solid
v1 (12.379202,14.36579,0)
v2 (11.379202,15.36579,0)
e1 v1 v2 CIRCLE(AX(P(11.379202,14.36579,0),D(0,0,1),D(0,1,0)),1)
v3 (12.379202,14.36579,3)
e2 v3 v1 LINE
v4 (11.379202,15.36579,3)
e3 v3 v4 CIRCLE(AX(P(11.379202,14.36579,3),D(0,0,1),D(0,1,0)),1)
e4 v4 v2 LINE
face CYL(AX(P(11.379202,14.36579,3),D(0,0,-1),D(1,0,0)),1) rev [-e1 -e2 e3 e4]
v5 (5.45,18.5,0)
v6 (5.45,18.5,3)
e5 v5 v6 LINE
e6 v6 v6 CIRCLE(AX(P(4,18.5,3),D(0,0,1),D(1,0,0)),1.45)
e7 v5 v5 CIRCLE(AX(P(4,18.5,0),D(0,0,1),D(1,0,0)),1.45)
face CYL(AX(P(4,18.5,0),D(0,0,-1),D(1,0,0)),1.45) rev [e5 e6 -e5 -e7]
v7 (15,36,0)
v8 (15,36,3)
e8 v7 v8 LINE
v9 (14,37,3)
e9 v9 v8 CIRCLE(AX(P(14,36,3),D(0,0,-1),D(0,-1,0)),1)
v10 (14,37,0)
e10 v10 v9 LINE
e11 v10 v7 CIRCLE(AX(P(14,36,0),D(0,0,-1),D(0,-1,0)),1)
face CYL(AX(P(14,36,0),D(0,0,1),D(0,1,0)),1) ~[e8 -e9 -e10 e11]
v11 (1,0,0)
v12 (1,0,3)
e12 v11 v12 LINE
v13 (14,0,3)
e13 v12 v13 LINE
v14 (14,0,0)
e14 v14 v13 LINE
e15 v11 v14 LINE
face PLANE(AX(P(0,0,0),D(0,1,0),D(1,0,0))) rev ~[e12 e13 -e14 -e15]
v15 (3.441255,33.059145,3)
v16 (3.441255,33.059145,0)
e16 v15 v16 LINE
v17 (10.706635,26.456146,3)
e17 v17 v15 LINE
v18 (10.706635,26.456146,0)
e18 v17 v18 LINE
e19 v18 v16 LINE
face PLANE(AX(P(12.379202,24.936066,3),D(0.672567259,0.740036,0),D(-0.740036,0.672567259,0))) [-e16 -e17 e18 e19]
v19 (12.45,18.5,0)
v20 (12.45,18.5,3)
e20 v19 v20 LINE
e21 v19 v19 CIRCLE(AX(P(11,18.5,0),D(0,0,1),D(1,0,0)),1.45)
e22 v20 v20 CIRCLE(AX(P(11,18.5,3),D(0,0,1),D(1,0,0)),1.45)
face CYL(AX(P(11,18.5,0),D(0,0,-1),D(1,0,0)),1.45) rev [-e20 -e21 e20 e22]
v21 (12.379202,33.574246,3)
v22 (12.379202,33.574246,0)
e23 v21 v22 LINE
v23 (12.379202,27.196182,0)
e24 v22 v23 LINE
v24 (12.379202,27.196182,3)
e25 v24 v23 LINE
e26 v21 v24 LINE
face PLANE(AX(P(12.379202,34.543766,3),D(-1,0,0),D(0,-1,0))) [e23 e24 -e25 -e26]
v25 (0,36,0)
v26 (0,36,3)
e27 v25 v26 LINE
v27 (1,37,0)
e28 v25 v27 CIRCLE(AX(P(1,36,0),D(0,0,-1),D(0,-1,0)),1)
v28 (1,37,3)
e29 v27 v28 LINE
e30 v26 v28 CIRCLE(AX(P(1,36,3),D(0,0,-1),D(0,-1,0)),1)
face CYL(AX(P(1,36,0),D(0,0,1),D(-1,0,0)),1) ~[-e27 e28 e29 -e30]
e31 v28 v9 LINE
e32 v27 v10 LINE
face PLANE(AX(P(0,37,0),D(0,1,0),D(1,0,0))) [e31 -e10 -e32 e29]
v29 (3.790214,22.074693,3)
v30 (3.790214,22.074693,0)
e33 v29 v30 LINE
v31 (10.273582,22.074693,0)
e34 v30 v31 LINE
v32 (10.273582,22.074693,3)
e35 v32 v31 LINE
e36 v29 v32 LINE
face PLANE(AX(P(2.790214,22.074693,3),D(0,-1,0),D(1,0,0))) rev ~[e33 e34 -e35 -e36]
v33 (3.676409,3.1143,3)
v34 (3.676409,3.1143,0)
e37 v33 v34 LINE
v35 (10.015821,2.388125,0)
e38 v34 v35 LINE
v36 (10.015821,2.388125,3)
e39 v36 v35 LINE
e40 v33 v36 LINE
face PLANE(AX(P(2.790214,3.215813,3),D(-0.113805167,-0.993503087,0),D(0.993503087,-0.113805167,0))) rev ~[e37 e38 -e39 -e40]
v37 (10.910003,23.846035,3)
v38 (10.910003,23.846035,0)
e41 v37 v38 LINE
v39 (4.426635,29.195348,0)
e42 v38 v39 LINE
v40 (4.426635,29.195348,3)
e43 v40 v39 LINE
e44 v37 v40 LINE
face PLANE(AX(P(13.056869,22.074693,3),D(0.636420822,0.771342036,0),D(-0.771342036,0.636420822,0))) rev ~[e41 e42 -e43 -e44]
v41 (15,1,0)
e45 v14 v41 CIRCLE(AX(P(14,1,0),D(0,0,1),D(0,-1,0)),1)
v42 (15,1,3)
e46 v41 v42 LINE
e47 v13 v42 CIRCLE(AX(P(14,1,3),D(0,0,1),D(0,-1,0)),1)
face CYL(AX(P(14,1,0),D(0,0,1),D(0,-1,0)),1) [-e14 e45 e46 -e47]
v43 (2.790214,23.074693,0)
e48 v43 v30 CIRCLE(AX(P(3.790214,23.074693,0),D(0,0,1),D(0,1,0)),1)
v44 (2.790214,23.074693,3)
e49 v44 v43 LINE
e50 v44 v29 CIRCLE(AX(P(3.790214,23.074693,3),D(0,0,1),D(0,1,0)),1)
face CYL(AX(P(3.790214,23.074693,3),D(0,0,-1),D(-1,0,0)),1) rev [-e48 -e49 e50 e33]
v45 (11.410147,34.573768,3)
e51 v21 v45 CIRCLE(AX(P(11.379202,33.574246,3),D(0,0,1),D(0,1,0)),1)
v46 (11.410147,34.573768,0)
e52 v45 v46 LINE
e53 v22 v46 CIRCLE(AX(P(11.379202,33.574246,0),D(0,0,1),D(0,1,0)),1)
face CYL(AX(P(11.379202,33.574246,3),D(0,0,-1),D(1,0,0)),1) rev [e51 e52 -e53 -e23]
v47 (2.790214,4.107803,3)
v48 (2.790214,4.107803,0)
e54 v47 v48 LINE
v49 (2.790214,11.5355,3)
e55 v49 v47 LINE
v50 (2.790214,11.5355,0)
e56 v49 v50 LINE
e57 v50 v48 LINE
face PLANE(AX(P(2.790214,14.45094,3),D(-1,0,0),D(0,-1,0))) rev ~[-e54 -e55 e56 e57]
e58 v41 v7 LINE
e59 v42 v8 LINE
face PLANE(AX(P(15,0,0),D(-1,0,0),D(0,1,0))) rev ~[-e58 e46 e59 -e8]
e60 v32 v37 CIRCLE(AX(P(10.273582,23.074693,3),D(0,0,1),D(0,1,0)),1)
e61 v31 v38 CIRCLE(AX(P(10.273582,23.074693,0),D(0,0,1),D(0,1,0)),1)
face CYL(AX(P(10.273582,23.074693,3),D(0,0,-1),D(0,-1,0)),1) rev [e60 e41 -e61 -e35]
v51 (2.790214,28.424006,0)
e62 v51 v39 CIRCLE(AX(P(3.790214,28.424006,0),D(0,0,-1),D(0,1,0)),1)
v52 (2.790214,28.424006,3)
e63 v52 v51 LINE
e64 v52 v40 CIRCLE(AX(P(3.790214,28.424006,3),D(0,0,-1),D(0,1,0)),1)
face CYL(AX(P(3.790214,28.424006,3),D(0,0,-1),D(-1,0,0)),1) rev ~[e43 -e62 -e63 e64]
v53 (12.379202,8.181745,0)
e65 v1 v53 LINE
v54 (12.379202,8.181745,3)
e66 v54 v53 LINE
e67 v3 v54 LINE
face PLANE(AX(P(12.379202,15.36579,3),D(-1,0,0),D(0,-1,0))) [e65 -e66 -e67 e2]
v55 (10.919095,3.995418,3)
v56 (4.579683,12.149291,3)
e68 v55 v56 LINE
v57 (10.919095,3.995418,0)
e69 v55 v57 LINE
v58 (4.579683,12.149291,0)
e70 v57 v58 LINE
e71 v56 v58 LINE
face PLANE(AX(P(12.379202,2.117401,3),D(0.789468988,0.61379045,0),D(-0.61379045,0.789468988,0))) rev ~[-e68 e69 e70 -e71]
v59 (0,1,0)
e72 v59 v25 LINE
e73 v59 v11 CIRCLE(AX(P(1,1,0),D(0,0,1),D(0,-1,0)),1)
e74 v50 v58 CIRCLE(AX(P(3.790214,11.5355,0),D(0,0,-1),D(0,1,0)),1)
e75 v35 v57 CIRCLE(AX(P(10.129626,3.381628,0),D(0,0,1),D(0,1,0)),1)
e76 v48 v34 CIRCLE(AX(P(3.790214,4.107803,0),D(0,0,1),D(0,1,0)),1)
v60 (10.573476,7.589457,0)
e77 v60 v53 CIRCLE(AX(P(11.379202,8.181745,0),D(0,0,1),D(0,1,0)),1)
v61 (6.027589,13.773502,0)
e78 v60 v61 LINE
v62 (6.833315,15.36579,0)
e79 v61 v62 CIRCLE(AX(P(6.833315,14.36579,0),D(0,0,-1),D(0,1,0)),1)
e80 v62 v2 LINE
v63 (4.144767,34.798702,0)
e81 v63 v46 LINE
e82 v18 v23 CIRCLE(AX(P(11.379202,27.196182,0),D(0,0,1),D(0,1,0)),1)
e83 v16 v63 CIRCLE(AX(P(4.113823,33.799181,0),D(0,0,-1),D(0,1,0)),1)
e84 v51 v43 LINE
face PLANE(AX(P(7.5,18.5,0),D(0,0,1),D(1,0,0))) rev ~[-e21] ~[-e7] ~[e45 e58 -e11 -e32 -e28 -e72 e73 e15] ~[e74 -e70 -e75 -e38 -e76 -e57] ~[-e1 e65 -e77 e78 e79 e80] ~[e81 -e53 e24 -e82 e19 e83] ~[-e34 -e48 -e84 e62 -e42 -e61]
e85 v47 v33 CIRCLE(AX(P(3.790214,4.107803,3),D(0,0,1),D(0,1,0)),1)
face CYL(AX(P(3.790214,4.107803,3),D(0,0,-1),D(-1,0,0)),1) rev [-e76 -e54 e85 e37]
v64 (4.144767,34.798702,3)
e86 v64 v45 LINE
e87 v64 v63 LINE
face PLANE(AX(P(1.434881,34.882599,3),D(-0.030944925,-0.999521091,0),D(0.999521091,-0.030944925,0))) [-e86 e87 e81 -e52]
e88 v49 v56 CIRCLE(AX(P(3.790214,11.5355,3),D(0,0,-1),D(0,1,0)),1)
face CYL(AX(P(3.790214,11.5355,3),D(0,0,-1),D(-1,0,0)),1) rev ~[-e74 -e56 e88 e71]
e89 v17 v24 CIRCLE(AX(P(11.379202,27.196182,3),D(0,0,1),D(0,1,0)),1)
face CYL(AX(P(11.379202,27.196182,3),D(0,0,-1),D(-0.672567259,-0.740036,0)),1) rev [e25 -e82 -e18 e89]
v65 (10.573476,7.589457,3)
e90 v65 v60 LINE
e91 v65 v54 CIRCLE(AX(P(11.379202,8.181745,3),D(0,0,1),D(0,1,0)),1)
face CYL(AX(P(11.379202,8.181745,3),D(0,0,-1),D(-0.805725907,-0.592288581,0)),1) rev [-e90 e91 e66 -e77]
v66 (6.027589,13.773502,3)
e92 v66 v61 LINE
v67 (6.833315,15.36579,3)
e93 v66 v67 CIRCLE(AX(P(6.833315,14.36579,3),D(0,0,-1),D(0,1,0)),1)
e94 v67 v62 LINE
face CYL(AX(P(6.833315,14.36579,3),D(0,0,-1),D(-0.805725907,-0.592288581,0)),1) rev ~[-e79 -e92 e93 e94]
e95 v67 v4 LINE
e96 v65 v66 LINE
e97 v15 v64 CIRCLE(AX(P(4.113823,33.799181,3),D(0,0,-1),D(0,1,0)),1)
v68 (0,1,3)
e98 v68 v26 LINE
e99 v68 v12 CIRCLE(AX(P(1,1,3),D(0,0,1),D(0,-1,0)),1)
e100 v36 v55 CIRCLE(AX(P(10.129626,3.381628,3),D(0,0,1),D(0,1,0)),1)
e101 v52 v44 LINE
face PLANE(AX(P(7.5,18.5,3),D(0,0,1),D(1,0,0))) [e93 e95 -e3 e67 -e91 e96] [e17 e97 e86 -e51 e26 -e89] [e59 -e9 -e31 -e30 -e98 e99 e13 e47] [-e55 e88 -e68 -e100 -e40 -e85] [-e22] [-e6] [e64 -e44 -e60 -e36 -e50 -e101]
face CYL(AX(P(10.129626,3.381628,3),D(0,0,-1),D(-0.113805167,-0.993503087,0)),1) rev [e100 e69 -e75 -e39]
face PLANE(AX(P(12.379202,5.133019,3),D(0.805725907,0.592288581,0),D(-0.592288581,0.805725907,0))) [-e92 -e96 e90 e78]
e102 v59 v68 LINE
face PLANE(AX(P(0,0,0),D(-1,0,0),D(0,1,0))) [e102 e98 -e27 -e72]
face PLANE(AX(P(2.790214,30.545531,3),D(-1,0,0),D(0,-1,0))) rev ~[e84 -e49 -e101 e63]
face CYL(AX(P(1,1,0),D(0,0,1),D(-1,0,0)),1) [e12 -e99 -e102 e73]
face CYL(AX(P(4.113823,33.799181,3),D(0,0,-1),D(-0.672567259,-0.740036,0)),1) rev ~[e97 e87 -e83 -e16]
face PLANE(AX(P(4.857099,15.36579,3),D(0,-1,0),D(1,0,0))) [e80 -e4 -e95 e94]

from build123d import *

# Parameters (mm, degrees)
SKETCH_1_W          = 15
SKETCH_1_H          = 37
SKETCH_1_R          = 1.45
EXTRUDE_1_DEPTH     = 3
CUT_EXTRUDE_1_DEPTH = 10
FILLET_3_R          = 1


with BuildPart() as part:
    # 草图1 → 凸台-拉伸1 (new body)
    with BuildSketch(Plane.XY):
        with Locations((7.5, 18.5)):
            Rectangle(SKETCH_1_W, SKETCH_1_H)
        with Locations((4, 18.5)):
            Circle(SKETCH_1_R, mode=Mode.SUBTRACT)
        with Locations((11, 18.5)):
            Circle(SKETCH_1_R, mode=Mode.SUBTRACT)
    extrude(amount=EXTRUDE_1_DEPTH)

    # 草图2 → 切除-拉伸1 (cut)
    with BuildSketch(Plane.XY.offset(3)):
        Polygon((1.434880502, 34.882599316), (12.379202278, 34.543765824), (12.379202278, 24.936066313), align=None)
        Polygon((2.790214468, 30.545530624), (2.790214468, 22.074693336), (13.056869261, 22.074693336), align=None)
        Polygon((4.857098766, 15.365790203), (12.379202278, 15.365790203), (12.379202278, 5.133018759), align=None)
        Polygon((2.790214468, 14.450939776), (2.790214468, 3.215813333), (12.379202278, 2.117400684), align=None)
    extrude(amount=-CUT_EXTRUDE_1_DEPTH, mode=Mode.SUBTRACT)

    # 圆角3
    fillet_3_edges = [part.edges().sort_by_distance(p)[0] for p in [
        (2.790214468, 30.545530624, 1.5),
        (13.056869261, 22.074693336, 1.5),
        (2.790214468, 22.074693336, 1.5),
        (12.379202278, 5.133018759, 1.5),
        (4.857098766, 15.365790203, 1.5),
        (12.379202278, 15.365790203, 1.5),
        (2.790214468, 14.450939776, 1.5),
        (12.379202278, 2.117400684, 1.5),
        (2.790214468, 3.215813333, 1.5),
        (12.379202278, 24.936066313, 1.5),
        (1.434880502, 34.882599316, 1.5),
        (12.379202278, 34.543765824, 1.5),
        (0, 37, 1.5),
        (15, 37, 1.5),
        (15, 0, 1.5),
        (0, 0, 1.5),
    ]]
    fillet(fillet_3_edges, radius=FILLET_3_R)


solid = part.part
